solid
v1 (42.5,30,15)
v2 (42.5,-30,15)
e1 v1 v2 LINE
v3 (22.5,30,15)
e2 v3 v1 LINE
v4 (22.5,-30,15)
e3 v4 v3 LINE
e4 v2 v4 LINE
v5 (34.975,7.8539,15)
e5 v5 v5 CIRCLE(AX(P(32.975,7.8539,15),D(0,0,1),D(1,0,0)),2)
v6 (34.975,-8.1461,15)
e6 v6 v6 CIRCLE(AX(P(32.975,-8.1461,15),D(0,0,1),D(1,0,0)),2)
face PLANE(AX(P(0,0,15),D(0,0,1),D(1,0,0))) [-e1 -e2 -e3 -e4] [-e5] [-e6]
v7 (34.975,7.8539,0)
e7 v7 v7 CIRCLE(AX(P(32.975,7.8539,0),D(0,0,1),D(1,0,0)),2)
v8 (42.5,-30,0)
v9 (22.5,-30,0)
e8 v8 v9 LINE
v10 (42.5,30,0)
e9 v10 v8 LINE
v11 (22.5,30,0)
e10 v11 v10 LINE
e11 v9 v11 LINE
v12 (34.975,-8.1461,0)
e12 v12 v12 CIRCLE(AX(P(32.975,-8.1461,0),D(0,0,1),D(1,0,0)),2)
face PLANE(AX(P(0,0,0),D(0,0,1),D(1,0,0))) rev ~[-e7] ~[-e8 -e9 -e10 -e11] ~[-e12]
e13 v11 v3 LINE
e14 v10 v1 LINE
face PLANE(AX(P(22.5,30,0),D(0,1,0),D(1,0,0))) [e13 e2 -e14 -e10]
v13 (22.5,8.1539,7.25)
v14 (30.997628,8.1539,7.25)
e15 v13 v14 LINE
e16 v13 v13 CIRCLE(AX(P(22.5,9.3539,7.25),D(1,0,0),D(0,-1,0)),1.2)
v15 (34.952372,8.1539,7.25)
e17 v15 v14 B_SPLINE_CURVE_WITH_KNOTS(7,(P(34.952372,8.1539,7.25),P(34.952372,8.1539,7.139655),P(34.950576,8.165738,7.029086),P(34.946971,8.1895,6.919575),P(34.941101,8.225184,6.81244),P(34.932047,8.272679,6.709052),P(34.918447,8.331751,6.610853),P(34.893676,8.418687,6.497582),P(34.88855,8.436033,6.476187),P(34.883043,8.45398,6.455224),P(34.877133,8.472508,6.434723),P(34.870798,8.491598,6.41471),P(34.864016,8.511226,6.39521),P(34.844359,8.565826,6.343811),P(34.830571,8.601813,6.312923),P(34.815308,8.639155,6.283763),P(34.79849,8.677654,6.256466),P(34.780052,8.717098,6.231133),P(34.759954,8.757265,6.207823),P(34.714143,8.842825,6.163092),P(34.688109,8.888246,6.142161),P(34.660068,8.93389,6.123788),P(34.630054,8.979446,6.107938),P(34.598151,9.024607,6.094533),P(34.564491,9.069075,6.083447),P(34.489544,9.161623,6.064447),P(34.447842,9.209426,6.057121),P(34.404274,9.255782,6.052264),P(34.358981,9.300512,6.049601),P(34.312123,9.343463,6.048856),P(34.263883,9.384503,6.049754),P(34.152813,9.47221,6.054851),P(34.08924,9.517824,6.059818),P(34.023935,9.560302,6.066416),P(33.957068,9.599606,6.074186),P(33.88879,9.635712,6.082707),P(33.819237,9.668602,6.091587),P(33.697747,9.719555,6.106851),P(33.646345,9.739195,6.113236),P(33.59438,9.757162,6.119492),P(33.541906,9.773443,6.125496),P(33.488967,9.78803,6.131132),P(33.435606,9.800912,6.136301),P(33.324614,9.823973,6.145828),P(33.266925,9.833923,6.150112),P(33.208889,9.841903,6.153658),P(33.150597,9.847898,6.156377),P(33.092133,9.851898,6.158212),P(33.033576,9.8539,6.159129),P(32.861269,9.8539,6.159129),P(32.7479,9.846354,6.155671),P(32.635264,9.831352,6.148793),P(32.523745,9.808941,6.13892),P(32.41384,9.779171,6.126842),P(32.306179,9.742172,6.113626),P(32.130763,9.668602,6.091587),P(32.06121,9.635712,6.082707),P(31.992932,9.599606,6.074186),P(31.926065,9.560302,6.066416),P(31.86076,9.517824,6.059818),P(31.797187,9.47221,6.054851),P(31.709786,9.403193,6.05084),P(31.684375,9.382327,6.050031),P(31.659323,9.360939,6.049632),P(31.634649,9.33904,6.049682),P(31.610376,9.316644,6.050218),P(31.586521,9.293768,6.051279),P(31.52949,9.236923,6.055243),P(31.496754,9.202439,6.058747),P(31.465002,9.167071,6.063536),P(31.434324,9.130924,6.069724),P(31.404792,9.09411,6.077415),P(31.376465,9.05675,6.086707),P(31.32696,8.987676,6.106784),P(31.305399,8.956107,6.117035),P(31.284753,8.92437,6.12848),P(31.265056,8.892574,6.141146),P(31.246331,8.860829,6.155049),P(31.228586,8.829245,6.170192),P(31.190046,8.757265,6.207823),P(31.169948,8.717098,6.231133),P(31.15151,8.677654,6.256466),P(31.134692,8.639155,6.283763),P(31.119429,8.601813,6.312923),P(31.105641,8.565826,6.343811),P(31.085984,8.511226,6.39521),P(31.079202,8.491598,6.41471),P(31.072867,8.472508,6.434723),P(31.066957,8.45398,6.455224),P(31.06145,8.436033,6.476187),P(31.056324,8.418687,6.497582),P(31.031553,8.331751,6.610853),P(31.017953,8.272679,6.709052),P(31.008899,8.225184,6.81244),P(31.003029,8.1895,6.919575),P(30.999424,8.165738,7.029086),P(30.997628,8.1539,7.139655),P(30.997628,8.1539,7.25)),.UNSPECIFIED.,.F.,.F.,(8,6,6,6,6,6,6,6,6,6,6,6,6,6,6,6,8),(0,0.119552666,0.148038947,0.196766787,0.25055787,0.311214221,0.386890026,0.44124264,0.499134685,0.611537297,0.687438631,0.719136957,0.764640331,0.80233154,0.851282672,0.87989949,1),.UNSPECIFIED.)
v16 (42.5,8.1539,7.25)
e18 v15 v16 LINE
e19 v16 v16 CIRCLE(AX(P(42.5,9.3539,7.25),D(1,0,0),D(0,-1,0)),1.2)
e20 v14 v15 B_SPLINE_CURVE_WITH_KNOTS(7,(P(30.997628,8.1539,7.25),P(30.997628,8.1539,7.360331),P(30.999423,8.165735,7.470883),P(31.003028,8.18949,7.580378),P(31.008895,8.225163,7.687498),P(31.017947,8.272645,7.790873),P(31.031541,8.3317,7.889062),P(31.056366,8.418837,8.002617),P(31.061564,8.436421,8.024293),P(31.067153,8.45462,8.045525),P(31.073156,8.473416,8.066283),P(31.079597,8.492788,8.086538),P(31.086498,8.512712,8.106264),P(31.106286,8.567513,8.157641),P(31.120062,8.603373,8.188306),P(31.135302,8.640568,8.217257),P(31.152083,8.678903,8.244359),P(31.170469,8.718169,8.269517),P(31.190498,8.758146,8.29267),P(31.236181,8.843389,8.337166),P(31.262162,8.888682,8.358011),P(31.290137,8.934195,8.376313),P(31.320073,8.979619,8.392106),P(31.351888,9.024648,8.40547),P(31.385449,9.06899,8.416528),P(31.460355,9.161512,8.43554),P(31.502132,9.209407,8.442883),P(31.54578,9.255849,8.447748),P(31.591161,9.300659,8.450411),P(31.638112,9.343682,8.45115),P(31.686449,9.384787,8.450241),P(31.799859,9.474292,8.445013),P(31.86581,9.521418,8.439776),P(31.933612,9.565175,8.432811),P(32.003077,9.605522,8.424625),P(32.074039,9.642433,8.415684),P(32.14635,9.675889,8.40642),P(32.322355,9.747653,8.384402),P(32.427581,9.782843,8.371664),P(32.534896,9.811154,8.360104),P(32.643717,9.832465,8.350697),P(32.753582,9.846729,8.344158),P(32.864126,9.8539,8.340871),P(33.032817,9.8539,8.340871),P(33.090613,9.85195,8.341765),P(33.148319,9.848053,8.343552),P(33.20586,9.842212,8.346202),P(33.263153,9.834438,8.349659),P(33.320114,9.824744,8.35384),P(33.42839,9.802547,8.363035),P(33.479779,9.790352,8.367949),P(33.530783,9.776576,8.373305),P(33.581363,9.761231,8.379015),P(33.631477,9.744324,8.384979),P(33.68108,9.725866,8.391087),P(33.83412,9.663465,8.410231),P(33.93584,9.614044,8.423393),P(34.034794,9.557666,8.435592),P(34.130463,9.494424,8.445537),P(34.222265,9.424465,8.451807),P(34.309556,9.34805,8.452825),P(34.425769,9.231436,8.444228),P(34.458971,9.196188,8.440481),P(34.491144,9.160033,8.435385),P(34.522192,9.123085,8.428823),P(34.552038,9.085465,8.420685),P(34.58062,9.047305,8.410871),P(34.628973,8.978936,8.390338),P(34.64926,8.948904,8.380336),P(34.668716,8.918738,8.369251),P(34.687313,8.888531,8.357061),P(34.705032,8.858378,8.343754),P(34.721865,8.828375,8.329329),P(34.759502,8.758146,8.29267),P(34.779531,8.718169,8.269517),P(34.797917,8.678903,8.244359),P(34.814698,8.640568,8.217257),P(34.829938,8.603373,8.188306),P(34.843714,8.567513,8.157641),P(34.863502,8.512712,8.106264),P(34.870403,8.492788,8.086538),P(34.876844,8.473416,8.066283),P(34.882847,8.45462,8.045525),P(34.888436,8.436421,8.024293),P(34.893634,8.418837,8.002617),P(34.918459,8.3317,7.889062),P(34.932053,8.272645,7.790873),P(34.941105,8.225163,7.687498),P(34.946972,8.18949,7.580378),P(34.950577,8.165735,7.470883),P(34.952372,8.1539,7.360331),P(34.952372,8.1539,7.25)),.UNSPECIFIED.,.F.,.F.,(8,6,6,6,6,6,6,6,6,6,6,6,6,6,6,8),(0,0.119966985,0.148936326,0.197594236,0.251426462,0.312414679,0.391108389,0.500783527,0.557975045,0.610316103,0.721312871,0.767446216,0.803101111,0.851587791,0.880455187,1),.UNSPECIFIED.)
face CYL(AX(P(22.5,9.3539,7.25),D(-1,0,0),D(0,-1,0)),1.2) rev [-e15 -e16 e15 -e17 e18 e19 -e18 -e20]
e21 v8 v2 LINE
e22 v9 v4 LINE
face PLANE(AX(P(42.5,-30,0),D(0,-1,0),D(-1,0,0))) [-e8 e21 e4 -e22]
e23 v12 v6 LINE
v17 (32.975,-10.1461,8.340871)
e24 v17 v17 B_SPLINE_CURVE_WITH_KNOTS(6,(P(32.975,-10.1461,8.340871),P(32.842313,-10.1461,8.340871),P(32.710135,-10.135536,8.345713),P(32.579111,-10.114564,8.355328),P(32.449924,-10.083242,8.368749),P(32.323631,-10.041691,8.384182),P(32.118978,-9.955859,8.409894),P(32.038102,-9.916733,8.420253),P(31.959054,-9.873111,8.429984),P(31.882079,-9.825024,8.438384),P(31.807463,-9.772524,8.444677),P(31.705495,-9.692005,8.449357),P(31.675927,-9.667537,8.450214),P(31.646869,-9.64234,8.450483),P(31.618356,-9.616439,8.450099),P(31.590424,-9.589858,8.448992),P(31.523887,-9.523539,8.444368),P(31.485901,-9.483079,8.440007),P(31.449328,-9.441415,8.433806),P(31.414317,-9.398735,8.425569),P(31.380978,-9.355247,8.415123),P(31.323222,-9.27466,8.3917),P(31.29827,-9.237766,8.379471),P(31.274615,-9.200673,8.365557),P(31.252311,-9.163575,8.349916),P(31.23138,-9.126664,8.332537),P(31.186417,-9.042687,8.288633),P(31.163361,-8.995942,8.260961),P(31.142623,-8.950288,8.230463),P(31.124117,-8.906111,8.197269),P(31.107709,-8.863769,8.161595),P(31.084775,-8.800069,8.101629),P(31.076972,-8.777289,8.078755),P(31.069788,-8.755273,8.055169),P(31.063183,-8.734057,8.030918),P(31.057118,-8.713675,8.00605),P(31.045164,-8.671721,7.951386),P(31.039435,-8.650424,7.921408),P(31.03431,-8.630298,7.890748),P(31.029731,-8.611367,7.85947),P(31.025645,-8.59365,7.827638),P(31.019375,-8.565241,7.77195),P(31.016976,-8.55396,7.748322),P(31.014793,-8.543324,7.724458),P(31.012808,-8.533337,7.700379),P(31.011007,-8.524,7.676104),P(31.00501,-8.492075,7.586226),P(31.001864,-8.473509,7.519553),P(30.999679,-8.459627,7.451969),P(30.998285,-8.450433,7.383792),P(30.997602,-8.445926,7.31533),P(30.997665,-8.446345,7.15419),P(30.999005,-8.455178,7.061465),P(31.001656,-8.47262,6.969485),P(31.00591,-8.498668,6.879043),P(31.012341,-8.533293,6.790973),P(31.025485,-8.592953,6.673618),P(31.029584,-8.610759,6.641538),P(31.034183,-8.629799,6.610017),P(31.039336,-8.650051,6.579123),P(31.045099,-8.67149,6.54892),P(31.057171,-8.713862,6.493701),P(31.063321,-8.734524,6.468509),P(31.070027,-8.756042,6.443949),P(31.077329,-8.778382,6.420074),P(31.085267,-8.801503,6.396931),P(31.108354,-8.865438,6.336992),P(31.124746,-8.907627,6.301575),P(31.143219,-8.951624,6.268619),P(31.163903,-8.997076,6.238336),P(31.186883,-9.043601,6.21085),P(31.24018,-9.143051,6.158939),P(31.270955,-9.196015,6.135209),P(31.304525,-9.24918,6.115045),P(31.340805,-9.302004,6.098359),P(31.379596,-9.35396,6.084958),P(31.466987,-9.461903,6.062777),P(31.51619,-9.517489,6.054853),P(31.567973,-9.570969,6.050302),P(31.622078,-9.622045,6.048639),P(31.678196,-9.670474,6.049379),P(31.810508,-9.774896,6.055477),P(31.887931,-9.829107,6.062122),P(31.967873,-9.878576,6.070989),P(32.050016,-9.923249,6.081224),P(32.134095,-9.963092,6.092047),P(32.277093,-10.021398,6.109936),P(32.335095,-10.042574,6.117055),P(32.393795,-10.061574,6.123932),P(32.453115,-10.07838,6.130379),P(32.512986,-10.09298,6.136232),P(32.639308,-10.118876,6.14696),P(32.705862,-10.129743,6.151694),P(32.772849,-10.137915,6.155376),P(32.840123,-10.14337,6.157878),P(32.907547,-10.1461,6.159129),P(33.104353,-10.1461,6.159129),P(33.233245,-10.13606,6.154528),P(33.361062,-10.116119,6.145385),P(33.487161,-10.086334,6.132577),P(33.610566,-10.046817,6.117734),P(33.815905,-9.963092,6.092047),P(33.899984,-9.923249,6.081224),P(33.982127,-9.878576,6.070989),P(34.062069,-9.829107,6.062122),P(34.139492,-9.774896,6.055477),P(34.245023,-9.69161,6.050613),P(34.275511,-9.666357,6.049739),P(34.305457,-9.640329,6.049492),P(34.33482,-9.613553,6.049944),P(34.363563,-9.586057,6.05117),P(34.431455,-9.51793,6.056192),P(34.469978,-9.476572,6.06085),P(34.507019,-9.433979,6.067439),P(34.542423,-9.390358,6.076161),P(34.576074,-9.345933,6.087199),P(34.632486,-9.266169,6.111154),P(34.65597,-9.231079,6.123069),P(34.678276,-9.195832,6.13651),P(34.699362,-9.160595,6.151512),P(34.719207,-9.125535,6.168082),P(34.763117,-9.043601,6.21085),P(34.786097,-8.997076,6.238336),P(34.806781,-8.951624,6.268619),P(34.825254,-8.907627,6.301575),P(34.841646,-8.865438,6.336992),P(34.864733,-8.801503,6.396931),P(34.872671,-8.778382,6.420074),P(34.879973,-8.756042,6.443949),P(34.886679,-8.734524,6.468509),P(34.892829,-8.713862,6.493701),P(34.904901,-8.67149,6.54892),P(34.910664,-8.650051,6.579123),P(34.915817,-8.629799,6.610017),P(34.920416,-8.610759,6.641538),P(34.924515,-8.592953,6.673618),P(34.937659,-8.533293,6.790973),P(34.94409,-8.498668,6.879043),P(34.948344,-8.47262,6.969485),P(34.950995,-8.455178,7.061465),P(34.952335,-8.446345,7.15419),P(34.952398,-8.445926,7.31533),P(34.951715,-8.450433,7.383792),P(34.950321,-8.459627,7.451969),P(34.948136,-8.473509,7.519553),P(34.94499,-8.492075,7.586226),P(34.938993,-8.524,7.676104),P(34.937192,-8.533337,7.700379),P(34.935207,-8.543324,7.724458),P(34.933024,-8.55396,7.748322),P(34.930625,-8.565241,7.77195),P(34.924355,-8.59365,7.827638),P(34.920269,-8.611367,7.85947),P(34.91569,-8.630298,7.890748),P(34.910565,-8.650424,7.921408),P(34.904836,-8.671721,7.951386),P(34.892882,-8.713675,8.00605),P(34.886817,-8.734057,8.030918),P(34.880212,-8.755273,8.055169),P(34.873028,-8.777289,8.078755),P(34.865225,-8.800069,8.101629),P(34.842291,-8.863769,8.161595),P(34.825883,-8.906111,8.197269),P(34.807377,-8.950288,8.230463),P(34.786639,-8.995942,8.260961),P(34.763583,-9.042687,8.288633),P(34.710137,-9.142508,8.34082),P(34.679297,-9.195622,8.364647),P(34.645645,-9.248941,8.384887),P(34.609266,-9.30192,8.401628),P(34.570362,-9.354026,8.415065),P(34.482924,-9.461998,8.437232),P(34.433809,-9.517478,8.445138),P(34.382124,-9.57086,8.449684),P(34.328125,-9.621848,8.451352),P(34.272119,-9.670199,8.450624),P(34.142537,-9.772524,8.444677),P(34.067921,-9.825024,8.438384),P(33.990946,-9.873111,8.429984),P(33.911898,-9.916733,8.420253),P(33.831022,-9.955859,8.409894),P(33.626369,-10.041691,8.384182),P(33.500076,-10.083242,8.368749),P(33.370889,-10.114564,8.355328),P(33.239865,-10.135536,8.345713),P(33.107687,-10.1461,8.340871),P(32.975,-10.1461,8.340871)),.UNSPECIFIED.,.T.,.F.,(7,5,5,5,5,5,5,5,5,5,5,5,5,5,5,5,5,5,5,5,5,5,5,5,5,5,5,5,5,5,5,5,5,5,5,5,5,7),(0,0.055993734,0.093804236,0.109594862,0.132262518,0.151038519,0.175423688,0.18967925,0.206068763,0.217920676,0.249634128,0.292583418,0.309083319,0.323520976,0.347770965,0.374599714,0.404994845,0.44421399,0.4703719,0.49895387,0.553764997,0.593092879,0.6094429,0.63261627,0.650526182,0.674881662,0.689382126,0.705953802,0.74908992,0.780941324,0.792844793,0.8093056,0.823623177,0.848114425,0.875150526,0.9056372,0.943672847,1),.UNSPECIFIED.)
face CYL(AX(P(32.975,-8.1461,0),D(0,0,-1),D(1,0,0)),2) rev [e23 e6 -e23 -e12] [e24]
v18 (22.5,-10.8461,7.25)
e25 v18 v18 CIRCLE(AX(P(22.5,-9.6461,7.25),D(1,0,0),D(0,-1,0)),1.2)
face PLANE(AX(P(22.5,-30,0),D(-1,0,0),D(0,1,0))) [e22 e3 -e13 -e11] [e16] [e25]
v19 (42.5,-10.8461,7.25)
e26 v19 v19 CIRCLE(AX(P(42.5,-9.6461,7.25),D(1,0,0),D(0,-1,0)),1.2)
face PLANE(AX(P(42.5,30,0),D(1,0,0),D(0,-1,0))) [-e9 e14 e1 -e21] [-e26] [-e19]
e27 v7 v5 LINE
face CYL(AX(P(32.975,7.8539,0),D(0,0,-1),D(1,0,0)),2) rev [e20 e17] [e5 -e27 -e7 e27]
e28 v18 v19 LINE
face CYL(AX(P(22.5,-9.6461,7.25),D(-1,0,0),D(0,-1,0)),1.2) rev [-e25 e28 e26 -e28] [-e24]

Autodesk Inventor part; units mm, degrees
ref_plane "YZ Plane" through (0, 0, 0) normal (1, 0, 0) x (0, 1, 0)
ref_plane "XZ Plane" through (0, 0, 0) normal (0, 1, 0) x (-1, 0, 0)
ref_plane "XY Plane" through (0, 0, 0) normal (0, 0, 1) x (1, 0, 0)
ref_plane "РабПлоскость1" through (0, 0, 0) normal (0, 0, 1) x (1, 0, 0)
sketch "Эскиз1" plane through (0, 0, 0) normal (0, 0, 1) x (1, 0, 0)
  circle A0 centre (32.975, 7.8539) radius 2 projected
  circle A1 centre (32.975, -8.1461) radius 2 projected
  line L0 (42.5, -30) -> (22.5, -30)
  line L1 (22.5, -30) -> (22.5, 30)
  line L2 (22.5, 30) -> (42.5, 30)
  line L3 (42.5, 30) -> (42.5, -30)
  line L4 (42.5, -30) -> (22.5, 30) construction
  line L5 (22.5, -30) -> (42.5, 30) construction
  point P0 (0, 0)
  point P1 (32.5, 0)
  point P2 (32.5, 0)
  dimension "d0" = 20
  dimension "d1" = 60
  dimension "d2" = 0
extrude "Выдавливание1" add sketch "Эскиз1" along normal blind 15
ref_plane "РабПлоскость2" through (22.5, -0.0677, -0.25) normal (1, 0, 0) x (0, -1, 0)
sketch "Эскиз2" plane through (22.5, -0.0677, -0.25) normal (1, 0, 0) x (0, -1, 0)
  circle A0 centre (-9.4216, -7.5) radius 1.2 projected
  circle A1 centre (9.5784, -7.5) radius 1.2 projected
  point P0 (-0.0677, -0.25)
extrude "Выдавливание2" cut sketch "Эскиз2" along normal up to surface (20 mm away)
properties part number "крепление"
